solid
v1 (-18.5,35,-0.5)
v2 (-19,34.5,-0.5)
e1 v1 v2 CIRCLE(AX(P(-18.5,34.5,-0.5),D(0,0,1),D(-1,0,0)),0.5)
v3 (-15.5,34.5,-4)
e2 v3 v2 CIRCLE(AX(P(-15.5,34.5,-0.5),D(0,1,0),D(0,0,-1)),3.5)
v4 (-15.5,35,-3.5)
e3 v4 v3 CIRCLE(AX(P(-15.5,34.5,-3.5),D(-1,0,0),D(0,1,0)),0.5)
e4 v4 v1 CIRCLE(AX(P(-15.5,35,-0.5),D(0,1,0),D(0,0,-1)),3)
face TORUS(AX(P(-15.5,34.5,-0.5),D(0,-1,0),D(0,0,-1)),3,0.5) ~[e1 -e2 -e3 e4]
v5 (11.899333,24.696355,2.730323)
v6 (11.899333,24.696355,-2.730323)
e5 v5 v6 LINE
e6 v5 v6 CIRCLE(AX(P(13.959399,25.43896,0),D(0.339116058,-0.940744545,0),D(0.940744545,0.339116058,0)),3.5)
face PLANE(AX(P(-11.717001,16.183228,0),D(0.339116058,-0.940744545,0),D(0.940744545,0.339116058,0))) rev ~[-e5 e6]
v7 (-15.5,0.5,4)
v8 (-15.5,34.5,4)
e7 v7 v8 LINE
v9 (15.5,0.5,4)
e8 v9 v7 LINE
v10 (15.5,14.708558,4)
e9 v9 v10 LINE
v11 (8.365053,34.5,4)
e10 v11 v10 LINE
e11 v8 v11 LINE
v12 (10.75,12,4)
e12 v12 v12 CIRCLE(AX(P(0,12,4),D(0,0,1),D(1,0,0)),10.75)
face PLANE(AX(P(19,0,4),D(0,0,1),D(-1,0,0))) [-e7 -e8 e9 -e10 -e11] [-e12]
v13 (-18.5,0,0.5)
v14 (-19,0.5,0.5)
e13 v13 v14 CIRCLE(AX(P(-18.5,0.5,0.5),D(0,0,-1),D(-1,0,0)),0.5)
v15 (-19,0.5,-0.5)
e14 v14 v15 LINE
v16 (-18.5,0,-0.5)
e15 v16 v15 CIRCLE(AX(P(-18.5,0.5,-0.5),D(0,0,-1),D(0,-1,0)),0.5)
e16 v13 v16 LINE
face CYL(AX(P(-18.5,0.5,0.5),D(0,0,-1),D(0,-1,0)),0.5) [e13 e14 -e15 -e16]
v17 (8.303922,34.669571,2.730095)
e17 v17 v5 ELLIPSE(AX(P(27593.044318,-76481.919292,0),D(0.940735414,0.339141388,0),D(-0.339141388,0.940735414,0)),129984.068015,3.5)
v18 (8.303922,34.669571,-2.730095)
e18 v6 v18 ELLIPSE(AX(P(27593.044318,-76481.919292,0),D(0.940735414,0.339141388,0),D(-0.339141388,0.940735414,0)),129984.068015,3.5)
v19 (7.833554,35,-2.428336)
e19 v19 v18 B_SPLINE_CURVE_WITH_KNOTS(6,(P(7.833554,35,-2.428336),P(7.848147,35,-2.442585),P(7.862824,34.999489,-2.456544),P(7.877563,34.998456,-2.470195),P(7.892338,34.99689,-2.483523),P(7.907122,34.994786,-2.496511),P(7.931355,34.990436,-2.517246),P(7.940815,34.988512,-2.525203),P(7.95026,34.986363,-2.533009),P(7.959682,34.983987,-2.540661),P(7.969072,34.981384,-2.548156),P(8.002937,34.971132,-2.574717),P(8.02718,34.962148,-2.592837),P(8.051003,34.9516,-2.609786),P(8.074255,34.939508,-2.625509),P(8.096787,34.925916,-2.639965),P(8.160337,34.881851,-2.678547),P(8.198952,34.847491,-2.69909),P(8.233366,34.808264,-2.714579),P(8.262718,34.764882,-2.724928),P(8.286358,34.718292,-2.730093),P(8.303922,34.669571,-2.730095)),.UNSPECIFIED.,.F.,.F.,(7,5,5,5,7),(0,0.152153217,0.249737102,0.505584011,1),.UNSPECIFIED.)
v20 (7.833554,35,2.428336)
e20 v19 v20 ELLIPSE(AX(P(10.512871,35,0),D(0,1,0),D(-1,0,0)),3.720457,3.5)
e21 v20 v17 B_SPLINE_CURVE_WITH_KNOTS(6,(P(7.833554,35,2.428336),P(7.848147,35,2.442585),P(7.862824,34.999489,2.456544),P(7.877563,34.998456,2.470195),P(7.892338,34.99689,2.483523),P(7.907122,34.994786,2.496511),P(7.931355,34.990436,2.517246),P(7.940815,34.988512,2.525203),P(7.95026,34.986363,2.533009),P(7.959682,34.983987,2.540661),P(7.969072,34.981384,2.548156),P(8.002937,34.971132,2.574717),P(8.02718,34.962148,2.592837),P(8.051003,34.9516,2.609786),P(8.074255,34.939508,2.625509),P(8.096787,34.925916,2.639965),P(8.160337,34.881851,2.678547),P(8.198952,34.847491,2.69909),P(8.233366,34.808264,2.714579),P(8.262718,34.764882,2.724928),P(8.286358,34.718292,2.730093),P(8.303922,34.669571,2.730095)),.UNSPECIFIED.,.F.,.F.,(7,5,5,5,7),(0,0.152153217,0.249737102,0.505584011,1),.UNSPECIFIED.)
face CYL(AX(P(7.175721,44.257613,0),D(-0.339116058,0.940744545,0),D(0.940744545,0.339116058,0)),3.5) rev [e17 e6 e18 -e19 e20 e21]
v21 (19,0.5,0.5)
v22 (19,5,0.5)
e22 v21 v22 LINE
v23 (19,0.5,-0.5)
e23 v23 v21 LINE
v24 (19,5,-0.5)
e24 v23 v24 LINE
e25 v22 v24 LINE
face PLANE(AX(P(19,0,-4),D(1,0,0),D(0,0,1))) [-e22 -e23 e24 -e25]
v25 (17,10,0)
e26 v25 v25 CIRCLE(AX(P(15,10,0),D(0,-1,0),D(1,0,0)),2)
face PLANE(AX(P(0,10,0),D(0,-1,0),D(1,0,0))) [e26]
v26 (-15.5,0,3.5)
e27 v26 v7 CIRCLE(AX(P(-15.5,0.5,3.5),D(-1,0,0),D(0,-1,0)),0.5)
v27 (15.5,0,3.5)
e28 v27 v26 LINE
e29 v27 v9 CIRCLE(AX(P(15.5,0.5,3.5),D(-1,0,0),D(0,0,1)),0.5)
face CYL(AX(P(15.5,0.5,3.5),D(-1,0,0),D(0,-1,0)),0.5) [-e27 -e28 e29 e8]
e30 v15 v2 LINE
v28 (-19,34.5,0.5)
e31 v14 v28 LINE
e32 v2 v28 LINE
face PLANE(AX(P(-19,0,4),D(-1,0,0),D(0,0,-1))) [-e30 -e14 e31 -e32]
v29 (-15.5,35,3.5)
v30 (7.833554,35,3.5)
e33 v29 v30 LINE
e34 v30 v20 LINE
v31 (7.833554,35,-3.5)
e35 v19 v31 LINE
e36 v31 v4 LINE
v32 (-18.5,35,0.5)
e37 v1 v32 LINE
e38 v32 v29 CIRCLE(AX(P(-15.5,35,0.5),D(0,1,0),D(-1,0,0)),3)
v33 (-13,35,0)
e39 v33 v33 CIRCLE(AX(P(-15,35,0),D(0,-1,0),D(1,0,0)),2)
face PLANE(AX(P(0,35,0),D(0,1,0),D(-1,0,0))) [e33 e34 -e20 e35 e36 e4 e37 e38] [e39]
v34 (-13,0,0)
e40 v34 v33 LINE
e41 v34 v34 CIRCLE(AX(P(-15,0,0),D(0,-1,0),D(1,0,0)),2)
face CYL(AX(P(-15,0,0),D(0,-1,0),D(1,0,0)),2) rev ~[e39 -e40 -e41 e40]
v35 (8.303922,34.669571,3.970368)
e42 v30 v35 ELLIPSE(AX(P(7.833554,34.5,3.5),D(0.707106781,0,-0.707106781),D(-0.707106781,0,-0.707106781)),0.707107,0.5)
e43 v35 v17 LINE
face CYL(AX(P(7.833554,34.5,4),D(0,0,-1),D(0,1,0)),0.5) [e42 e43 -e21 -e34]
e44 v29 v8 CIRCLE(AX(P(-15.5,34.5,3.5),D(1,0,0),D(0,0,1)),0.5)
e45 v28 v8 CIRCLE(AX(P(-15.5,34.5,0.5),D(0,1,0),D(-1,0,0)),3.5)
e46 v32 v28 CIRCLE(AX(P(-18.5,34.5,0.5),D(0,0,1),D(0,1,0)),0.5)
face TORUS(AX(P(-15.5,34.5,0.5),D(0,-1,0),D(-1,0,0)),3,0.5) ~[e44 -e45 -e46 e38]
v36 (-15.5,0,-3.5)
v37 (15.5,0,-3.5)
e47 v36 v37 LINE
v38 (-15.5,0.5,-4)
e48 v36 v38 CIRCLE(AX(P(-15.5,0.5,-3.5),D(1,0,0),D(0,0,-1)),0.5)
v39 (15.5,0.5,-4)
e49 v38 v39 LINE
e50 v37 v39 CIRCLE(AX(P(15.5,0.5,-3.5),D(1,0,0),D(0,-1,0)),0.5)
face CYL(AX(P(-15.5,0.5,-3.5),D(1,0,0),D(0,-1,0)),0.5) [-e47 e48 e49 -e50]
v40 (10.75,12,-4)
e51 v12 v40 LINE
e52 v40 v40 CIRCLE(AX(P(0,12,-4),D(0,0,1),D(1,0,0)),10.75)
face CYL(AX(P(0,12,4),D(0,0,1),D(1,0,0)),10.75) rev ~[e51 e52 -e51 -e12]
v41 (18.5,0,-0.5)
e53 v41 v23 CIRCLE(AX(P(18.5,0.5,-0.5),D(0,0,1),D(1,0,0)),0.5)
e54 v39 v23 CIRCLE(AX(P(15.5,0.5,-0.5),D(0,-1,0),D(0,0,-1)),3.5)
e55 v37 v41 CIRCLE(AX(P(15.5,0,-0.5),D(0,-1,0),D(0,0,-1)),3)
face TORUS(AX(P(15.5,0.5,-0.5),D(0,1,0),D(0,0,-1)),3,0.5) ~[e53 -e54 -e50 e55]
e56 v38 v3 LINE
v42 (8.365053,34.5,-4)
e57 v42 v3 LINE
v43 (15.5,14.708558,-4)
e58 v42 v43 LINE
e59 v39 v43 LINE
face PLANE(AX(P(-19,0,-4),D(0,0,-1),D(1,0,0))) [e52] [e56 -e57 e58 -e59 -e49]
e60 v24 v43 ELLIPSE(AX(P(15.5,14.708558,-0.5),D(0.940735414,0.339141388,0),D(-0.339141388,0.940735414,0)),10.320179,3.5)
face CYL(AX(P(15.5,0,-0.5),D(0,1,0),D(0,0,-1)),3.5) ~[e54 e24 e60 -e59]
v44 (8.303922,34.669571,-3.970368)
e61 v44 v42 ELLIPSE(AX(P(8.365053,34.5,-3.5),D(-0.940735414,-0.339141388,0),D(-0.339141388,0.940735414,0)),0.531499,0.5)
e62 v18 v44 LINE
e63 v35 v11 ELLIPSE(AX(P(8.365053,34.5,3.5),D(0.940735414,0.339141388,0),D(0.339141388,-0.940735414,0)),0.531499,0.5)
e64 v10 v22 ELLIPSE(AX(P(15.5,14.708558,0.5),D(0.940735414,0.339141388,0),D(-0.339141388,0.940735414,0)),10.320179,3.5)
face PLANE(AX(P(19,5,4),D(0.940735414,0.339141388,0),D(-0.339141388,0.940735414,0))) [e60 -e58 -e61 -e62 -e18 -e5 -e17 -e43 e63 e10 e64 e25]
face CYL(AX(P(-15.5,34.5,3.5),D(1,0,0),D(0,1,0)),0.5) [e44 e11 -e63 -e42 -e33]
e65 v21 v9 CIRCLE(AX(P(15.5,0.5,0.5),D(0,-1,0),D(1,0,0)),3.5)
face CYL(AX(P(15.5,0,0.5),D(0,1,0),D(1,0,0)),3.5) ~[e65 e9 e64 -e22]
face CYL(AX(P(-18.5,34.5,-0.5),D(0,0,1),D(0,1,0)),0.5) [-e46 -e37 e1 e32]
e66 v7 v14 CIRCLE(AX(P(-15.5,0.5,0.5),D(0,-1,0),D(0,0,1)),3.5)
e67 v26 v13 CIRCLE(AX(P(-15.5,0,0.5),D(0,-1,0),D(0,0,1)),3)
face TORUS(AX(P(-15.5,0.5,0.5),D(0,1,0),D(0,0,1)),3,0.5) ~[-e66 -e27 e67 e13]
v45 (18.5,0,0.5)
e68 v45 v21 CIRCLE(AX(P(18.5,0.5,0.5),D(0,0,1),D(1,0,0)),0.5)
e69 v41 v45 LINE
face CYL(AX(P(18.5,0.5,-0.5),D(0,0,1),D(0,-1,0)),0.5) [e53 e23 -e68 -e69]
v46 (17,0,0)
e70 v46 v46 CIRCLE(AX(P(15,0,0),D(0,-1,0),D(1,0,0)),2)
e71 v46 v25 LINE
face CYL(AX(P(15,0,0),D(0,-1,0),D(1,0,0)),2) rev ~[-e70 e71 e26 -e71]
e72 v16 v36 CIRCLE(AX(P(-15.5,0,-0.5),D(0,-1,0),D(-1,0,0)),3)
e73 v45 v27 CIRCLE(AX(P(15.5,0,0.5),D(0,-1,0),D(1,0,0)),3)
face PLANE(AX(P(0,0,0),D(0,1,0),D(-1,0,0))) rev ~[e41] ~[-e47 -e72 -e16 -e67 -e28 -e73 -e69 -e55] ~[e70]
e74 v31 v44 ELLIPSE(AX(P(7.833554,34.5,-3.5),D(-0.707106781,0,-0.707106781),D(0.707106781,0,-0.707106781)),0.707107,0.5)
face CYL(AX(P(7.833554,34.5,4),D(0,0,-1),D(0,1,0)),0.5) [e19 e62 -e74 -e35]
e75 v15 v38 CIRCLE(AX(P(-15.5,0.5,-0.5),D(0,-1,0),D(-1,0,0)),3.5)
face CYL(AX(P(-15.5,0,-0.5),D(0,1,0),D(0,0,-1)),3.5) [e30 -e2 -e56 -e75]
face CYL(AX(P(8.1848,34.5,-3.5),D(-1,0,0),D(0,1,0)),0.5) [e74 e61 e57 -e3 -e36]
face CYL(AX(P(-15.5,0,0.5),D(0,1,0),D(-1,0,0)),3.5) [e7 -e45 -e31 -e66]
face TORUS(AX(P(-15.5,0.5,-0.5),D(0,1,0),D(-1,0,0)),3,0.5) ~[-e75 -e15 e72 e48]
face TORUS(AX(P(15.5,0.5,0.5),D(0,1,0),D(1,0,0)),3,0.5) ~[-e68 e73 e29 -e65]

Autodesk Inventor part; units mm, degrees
ref_plane "YZ Plane" through (0, 0, 0) normal (1, 0, 0) x (0, 1, 0)
ref_plane "XZ Plane" through (0, 0, 0) normal (0, 1, 0) x (-1, 0, 0)
ref_plane "XY Plane" through (0, 0, 0) normal (0, 0, 1) x (1, 0, 0)
sketch "Эскиз2" plane through (0, 0, 0) normal (0, 1, 0) x (-1, 0, 0)
  line L0 (19, -4) -> (-19, -4)
  line L1 (-19, -4) -> (-19, 4)
  line L2 (-19, 4) -> (19, 4)
  line L3 (19, 4) -> (19, -4)
  line L4 (19, -4) -> (-19, 4) construction
  line L5 (-19, -4) -> (19, 4) construction
  line L6 (19, 0) -> (-19, 0) construction
  circle A0 centre (-15, 0) radius 2
  line L7 (0, -4) -> (0, 4) construction
  circle A1 centre (15, 0) radius 2
  point P0 (0, 0)
  dimension "d1" = 30
  dimension "d2" = 4
  dimension "d3" = 38
  dimension "d4" = 8
extrude "Выдавливание1" add sketch "Эскиз2" along normal blind 35 contours L0 L1 L2 L3 | A0 | A1
fillet "Сопряжение1" radius 3.5 4 edges at (19, 17.5, 4) (19, 17.5, -4) (-19, 17.5, 4) (-19, 17.5, -4)
sketch "Эскиз3" plane through (-15.5, 0, 4) normal (0, 0, 1) x (1, 0, 0)
  line L0 (0, 0) -> (0, 35) construction
  line L1 (0, 0) -> (31, 0) construction
  line L2 (31, 35) -> (31, 0) construction
  line L3 (0, 35) -> (31, 35) construction
  line L4 (34.5, 35) -> (31, 35) construction
  line L5 (31, 35) -> (31, 0) construction
  line L6 (31, 0) -> (34.5, 0) construction
  line L7 (34.5, 0) -> (34.5, 35) construction
  line L8 (0, 35) -> (-3.5, 35) construction
  line L9 (-3.5, 35) -> (-3.5, 0) construction
  line L10 (-3.5, 0) -> (0, 0) construction
  line L11 (0, 0) -> (0, 35) construction
  line L12 (0, 0) -> (0, 35) construction
  line L13 (29, 35) -> (32, 35) construction
  line L14 (29, 0) -> (32, 0) construction
  line L15 (-1, 35) -> (2, 35) construction
  line L16 (-1, 0) -> (2, 0) construction
  line L17 (-1, 35) -> (2, 35) construction
  line L18 (-1, 0) -> (2, 0) construction
  line L19 (29, 35) -> (2, 0) construction
  line L20 (0, 35) -> (31, 35) construction
  line L21 (-3.5, 35) -> (0, 35) projected
  line L22 (0, 0) -> (31, 0) projected
  line L23 (0, 35) -> (31, 0) construction
  line L24 (15.5, 17.5) -> (15.5, 0) construction
  circle A0 centre (15.5, 12) radius 10.75
  dimension "d22" = 21.5
  dimension "d23" = 12
extrude "Выдавливание2" cut sketch "Эскиз3" against normal blind 35
sketch "Эскиз4" plane through (-15.5, 0, 4) normal (0, 0, 1) x (1, 0, 0)
  circle A0 centre (15.5, 12) radius 10.5 construction
  line L0 (0, 0) -> (0, 35) construction
  line L1 (0, 0) -> (31, 0) construction
  line L2 (31, 35) -> (31, 0) construction
  line L3 (0, 35) -> (31, 35) construction
  line L4 (0, 35) -> (-3.5, 35) construction
  line L5 (-3.5, 35) -> (-3.5, 0) construction
  line L6 (-3.5, 0) -> (0, 0) construction
  line L7 (0, 0) -> (0, 35) construction
  line L8 (34.5, 35) -> (31, 35) construction
  line L9 (31, 35) -> (31, 0) construction
  line L10 (31, 0) -> (34.5, 0) construction
  line L11 (34.5, 0) -> (34.5, 35) construction
  arc A1 (-1, 2.5793) -> (34.5, 12) centre (15.5, 12) ccw construction
  line L12 (-3.5, 0) -> (-3.5, 35) construction
  line L13 (34.5, 0) -> (34.5, 35) construction
  arc A2 (-3.5, 12) -> (-1, 2.5793) centre (15.5, 12) ccw construction
  line L14 (23.5012, 38.5457) -> (37.6912, 39.4976)
  line L15 (37.6912, 39.4976) -> (34.5, 5)
  circle A3 centre (15.5, 12) radius 15.5
  line L16 (34.5, 0) -> (31, 0) construction
  line L17 (34.5, 0) -> (34.5, 5) construction
  line L18 (34.5, 5) -> (23.6848, 35)
  line L19 (31, 35) -> (0, 35) construction
  line L20 (23.5012, 38.5457) -> (23.6848, 35)
  point P0 (15.5, 0)
  dimension "d18" = 5
  dimension "d24" = 31
extrude "Выдавливание3" cut sketch "Эскиз4" against normal blind 35 contours L14 L15 L18 L20
sketch "Эскиз5" plane through (0, 0, 0) normal (0, -1, 0) x (1, 0, 0)
  circle A0 centre (-15, 0) radius 2 projected
  circle A1 centre (15, 0) radius 2 projected
  point P0 (0, 0)
extrude "Выдавливание4" cut sketch "Эскиз5" against normal up to surface (35 mm away) contours A0
extrude "Выдавливание5" cut sketch "Эскиз5" against normal blind 10 contours A1
fillet "Сопряжение2" radius 0.5 14 edges at (-17.9749, 35, 2.9749) (-19, 35, 0) (-17.9749, 35, -2.9749) (-3.6576, 35, -4) (-3.6576, 35, 4) (8.1848, 35, 0) (17.9749, 0, 2.9749) (19, 0, 0) (17.9749, 0, -2.9749) (0, 0, -4) (-17.9749, 0, -2.9749) (-19, 0, 0) (-17.9749, 0, 2.9749) (0, 0, 4)
ref_plane "РабПлоскость1" through (-18.5, 35, 0) normal (0.3391, -0.9407, 0) x (0.9407, 0.3391, 0)
sketch "Эскиз6" plane through (-18.5, 35, 0) normal (0.3391, -0.9407, 0) x (0.9407, 0.3391, 0)
  ellipse E0 centre (23.0361, 0) end of major axis (23.0361, -2) minor radius 1.8815 construction
  ellipse E1 centre (19.6447, 0) end of major axis (19.6447, -2) minor radius 1.8815 construction
  line L0 (19.6447, 0) -> (23.0361, 0) construction
  circle A0 centre (27.2937, 0) radius 3.5
  point P0 (5.5337, 0)
  dimension "d26" = 7
extrude "Выдавливание6" cut sketch "Эскиз6" along normal blind 20
properties part number "mid_mount_v3" material "Пластик АБС"
